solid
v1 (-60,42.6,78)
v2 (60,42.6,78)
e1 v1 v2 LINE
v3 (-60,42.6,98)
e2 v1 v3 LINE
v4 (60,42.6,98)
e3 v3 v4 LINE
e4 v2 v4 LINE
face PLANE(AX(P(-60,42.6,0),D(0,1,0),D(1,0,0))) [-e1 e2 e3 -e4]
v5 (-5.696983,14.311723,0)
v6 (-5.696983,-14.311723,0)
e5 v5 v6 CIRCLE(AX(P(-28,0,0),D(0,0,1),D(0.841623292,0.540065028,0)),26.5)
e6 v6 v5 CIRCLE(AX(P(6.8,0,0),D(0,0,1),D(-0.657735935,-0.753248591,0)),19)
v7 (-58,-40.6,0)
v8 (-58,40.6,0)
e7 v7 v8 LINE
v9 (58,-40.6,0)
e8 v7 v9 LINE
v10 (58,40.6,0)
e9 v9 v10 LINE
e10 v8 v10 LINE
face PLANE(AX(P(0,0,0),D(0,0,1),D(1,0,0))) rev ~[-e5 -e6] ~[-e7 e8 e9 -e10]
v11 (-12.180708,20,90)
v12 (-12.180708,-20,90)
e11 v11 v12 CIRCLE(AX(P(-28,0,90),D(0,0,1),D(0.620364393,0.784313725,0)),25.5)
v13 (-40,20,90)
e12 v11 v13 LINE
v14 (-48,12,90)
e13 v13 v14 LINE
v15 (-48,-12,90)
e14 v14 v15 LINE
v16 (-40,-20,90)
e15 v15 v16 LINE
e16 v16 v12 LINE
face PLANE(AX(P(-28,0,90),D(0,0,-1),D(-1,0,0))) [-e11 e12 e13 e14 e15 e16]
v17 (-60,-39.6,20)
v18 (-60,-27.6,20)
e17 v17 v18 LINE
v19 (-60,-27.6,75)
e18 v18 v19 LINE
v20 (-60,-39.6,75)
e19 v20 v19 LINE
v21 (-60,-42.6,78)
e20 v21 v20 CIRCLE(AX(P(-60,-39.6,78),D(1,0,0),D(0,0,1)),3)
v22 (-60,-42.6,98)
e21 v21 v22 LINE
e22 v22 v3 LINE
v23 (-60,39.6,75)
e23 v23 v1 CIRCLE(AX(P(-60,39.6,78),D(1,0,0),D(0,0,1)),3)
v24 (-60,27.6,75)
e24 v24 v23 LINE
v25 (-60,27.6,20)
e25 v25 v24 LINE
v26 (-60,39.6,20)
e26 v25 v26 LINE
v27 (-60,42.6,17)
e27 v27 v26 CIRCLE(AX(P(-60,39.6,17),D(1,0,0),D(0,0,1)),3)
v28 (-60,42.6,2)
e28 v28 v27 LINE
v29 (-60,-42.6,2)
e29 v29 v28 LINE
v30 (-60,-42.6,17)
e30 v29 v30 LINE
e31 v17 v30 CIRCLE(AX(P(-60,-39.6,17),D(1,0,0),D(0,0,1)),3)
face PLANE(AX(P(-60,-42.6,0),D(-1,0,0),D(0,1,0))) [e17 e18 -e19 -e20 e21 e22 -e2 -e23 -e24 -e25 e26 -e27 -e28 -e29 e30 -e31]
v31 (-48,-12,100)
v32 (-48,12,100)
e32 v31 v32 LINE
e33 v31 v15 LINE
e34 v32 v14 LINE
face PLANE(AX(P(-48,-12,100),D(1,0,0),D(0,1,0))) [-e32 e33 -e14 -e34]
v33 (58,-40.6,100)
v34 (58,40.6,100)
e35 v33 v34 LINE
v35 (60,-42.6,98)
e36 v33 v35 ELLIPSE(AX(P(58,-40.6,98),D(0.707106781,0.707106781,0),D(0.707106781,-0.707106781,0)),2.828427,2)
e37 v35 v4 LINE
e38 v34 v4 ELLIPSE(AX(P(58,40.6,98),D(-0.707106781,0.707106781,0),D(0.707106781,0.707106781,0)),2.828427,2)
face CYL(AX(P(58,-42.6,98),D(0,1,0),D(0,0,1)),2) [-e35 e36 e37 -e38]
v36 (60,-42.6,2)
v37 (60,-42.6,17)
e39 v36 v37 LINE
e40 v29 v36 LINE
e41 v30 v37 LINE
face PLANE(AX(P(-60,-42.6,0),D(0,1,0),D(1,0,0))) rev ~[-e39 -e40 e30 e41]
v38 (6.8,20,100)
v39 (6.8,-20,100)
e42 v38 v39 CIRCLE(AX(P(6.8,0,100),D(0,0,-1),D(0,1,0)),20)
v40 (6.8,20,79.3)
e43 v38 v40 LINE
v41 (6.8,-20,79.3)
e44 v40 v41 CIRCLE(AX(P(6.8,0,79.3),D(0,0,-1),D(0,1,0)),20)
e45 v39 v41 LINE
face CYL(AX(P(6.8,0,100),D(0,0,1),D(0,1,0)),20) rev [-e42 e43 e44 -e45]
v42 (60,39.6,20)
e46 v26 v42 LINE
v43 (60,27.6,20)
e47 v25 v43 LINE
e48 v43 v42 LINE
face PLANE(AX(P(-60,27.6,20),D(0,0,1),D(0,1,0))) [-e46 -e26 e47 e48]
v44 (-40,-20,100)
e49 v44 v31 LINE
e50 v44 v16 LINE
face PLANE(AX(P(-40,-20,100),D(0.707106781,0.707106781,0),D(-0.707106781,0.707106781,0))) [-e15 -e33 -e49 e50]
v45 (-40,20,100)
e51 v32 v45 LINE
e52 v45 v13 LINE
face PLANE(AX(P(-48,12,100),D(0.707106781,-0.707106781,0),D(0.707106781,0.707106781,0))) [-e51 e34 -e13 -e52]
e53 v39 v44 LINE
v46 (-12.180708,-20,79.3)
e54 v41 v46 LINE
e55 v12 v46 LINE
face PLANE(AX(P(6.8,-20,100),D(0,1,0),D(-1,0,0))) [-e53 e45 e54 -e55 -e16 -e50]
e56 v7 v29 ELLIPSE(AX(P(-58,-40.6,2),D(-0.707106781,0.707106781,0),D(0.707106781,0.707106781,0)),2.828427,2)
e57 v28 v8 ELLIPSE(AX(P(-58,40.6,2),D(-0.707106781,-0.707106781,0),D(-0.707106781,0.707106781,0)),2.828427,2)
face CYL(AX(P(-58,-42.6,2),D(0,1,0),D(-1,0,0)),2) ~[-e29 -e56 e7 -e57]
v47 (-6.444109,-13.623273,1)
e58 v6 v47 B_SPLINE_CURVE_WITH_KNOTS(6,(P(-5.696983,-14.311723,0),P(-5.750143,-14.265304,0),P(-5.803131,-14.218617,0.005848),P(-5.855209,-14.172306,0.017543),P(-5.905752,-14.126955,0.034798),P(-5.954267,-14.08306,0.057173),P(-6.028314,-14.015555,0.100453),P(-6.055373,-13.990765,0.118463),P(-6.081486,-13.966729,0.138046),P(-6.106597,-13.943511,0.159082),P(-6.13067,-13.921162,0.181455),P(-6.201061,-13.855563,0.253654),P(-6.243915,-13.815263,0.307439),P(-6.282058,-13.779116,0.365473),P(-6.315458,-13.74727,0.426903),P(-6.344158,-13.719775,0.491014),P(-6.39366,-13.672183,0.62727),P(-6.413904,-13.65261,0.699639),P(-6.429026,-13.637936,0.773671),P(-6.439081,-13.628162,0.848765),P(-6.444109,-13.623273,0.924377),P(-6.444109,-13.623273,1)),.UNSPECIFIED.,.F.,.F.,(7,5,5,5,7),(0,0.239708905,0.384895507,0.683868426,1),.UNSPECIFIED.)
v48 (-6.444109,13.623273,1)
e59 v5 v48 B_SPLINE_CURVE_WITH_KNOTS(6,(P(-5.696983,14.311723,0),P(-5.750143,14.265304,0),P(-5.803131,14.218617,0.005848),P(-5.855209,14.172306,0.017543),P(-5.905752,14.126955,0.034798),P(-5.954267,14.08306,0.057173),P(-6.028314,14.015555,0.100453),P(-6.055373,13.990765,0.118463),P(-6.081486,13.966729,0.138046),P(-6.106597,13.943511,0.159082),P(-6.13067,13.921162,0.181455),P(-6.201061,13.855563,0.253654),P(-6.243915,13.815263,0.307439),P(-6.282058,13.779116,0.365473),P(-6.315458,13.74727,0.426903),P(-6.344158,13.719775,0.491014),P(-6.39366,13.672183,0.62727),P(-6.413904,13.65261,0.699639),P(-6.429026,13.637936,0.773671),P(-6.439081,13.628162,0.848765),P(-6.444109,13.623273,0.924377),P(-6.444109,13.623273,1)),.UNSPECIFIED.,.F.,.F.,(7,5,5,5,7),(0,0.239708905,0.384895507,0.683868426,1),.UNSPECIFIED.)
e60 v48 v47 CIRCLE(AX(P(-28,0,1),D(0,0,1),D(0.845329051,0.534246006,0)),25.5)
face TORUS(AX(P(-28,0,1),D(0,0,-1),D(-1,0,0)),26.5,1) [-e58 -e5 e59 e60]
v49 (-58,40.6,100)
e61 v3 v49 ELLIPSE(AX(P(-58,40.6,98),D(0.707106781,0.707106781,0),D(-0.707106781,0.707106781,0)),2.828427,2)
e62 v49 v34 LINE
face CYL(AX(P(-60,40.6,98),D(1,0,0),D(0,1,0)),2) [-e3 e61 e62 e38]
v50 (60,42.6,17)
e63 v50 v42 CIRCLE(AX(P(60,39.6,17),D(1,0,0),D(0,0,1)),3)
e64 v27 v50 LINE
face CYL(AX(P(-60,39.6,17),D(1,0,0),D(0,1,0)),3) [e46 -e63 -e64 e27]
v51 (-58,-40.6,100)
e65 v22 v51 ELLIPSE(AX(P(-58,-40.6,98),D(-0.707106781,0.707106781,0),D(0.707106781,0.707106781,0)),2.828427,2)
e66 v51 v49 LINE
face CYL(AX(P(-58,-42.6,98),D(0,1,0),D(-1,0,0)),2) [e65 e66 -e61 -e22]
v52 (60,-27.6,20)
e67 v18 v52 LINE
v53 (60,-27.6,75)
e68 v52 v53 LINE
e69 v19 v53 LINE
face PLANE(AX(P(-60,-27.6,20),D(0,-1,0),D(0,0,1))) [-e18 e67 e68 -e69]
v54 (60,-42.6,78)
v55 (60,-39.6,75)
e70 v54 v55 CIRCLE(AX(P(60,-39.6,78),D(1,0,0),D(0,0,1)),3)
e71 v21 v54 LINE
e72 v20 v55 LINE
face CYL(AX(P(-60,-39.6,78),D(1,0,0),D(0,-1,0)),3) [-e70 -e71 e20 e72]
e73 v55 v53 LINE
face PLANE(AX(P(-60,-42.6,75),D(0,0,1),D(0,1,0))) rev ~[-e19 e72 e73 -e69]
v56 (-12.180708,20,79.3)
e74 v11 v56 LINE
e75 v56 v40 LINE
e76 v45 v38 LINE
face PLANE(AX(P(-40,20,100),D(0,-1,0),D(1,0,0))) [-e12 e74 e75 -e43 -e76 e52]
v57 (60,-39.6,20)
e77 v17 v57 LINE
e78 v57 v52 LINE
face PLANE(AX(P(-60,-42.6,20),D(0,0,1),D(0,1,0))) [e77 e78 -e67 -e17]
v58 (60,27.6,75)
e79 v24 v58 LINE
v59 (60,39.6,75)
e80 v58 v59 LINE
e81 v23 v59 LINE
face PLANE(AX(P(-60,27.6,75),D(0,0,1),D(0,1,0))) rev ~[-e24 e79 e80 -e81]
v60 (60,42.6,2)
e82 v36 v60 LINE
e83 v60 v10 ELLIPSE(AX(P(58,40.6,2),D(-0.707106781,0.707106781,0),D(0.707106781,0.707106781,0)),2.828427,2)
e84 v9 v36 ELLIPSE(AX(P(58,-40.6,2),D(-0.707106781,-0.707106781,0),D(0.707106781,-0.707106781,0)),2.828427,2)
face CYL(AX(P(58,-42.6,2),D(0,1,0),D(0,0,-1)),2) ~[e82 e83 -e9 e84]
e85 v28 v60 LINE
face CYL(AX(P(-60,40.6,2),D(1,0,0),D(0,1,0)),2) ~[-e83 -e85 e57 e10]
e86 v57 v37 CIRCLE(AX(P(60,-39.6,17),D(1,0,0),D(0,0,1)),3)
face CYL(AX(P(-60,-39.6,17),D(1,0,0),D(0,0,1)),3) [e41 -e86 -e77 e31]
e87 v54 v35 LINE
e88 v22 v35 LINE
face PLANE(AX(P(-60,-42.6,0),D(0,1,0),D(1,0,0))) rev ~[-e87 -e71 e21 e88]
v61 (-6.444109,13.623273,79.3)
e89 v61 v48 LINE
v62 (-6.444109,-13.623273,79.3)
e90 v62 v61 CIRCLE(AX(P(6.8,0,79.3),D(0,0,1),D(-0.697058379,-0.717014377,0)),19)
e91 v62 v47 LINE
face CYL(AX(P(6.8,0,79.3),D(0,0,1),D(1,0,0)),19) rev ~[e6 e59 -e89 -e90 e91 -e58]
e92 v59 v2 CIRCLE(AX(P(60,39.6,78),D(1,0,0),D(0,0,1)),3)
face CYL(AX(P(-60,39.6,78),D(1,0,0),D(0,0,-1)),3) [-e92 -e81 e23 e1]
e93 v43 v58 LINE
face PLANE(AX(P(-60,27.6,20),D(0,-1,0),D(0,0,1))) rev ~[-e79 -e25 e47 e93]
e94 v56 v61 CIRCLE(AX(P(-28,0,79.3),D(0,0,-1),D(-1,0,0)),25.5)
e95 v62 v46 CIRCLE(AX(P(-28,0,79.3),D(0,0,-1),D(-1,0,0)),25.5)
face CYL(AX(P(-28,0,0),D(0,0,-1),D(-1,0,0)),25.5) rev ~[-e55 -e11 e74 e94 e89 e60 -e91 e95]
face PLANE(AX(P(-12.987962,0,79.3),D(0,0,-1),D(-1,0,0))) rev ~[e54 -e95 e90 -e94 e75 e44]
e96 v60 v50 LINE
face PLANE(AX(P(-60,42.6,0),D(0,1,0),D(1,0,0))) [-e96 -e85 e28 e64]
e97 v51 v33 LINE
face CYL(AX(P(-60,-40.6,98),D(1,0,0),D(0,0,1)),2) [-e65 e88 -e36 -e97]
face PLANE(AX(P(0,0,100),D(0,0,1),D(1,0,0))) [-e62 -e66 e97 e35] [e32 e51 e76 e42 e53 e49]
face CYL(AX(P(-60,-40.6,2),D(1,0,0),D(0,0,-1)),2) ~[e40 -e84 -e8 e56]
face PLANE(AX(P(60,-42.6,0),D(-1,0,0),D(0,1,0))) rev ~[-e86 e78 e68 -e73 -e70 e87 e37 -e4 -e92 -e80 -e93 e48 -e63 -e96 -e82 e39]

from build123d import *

# Parameters (mm, degrees)
ESQUISSE1_W             = 120
ESQUISSE1_H             = 85.2
BOSS_EXTRU_1_DEPTH      = 100
ESQUISSE2_W             = 55
ESQUISSE2_H             = 15
ENL_V_MAT_EXTRU_1_DEPTH = 121
CONG_1_R                = 3
CONG_2_R                = 2
CONG_3_R                = 2
ESQUISSE3_R             = 25.5
ENL_V_MAT_EXTRU_2_DEPTH = 90
CONG_4_R                = 1
ENL_V_MAT_EXTRU_3_DEPTH = 20.7
ESQUISSE6_R             = 19
ENL_V_MAT_EXTRU_5_DEPTH = 85


with BuildPart() as part:
    # Esquisse1 → Boss.-Extru.1 (new body)
    with BuildSketch(Plane.XY):
        Rectangle(ESQUISSE1_W, ESQUISSE1_H)
    extrude(amount=BOSS_EXTRU_1_DEPTH)

    # Esquisse2 → Enlèv. mat.-Extru.1 (cut, through all)
    with BuildSketch(Plane.ZY.offset(60)):
        with Locations((47.5, 35.1)):
            Rectangle(ESQUISSE2_W, ESQUISSE2_H)
        with Locations((47.5, -35.1)):
            Rectangle(ESQUISSE2_W, ESQUISSE2_H)
    extrude(amount=-ENL_V_MAT_EXTRU_1_DEPTH, mode=Mode.SUBTRACT)

    # Congé1
    cong_1_edges = [part.edges().sort_by_distance(p)[0] for p in [
        (0, 42.6, 75),
        (0, 42.6, 20),
        (0, -42.6, 20),
        (0, -42.6, 75),
    ]]
    fillet(cong_1_edges, radius=CONG_1_R)

    # Congé2
    cong_2_edges = [part.edges().sort_by_distance(p)[0] for p in [
        (0, -42.6, 0),
        (-60, 0, 0),
        (0, 42.6, 0),
        (60, 0, 0),
    ]]
    fillet(cong_2_edges, radius=CONG_2_R)

    # Congé3
    cong_3_edges = [part.edges().sort_by_distance(p)[0] for p in [
        (-60, 0, 100),
        (0, -42.6, 100),
        (60, 0, 100),
        (0, 42.6, 100),
    ]]
    fillet(cong_3_edges, radius=CONG_3_R)

    # Esquisse3 → Enlèv. mat.-Extru.2 (cut)
    with BuildSketch(Plane(origin=(0, 0, 0), x_dir=(-1, 0, 0), z_dir=(0, 0, -1))):
        with Locations((28, 0)):
            Circle(ESQUISSE3_R)
    extrude(amount=-ENL_V_MAT_EXTRU_2_DEPTH, mode=Mode.SUBTRACT)

    # Congé4
    cong_4_edges = [part.edges().sort_by_distance(p)[0] for p in [
        (-2.5, 0, 0),
    ]]
    fillet(cong_4_edges, radius=CONG_4_R)

    # Esquisse5 → Enlèv. mat.-Extru.3 (cut)
    with BuildSketch(Plane.XY.offset(100)):
        with BuildLine():
            Line((-48, 0), (-48, 12))
            Line((-48, 12), (-40, 20))
            Line((-40, 20), (-28, 20))
            Line((-28, 20), (6.8, 20))
            ThreePointArc((6.8, 20), (26.8, 0), (6.8, -20))
            Line((6.8, -20), (-28, -20))
            Line((-28, -20), (-40, -20))
            Line((-40, -20), (-48, -12))
            Line((-48, -12), (-48, 0))
        make_face()
    extrude(amount=-ENL_V_MAT_EXTRU_3_DEPTH, mode=Mode.SUBTRACT)

    # Esquisse6 → Enlèv. mat.-Extru.5 (cut)
    with BuildSketch(Plane.XY.offset(79.3)):
        with Locations((6.8, 0)):
            Circle(ESQUISSE6_R)
    extrude(amount=-ENL_V_MAT_EXTRU_5_DEPTH, mode=Mode.SUBTRACT)


solid = part.part
